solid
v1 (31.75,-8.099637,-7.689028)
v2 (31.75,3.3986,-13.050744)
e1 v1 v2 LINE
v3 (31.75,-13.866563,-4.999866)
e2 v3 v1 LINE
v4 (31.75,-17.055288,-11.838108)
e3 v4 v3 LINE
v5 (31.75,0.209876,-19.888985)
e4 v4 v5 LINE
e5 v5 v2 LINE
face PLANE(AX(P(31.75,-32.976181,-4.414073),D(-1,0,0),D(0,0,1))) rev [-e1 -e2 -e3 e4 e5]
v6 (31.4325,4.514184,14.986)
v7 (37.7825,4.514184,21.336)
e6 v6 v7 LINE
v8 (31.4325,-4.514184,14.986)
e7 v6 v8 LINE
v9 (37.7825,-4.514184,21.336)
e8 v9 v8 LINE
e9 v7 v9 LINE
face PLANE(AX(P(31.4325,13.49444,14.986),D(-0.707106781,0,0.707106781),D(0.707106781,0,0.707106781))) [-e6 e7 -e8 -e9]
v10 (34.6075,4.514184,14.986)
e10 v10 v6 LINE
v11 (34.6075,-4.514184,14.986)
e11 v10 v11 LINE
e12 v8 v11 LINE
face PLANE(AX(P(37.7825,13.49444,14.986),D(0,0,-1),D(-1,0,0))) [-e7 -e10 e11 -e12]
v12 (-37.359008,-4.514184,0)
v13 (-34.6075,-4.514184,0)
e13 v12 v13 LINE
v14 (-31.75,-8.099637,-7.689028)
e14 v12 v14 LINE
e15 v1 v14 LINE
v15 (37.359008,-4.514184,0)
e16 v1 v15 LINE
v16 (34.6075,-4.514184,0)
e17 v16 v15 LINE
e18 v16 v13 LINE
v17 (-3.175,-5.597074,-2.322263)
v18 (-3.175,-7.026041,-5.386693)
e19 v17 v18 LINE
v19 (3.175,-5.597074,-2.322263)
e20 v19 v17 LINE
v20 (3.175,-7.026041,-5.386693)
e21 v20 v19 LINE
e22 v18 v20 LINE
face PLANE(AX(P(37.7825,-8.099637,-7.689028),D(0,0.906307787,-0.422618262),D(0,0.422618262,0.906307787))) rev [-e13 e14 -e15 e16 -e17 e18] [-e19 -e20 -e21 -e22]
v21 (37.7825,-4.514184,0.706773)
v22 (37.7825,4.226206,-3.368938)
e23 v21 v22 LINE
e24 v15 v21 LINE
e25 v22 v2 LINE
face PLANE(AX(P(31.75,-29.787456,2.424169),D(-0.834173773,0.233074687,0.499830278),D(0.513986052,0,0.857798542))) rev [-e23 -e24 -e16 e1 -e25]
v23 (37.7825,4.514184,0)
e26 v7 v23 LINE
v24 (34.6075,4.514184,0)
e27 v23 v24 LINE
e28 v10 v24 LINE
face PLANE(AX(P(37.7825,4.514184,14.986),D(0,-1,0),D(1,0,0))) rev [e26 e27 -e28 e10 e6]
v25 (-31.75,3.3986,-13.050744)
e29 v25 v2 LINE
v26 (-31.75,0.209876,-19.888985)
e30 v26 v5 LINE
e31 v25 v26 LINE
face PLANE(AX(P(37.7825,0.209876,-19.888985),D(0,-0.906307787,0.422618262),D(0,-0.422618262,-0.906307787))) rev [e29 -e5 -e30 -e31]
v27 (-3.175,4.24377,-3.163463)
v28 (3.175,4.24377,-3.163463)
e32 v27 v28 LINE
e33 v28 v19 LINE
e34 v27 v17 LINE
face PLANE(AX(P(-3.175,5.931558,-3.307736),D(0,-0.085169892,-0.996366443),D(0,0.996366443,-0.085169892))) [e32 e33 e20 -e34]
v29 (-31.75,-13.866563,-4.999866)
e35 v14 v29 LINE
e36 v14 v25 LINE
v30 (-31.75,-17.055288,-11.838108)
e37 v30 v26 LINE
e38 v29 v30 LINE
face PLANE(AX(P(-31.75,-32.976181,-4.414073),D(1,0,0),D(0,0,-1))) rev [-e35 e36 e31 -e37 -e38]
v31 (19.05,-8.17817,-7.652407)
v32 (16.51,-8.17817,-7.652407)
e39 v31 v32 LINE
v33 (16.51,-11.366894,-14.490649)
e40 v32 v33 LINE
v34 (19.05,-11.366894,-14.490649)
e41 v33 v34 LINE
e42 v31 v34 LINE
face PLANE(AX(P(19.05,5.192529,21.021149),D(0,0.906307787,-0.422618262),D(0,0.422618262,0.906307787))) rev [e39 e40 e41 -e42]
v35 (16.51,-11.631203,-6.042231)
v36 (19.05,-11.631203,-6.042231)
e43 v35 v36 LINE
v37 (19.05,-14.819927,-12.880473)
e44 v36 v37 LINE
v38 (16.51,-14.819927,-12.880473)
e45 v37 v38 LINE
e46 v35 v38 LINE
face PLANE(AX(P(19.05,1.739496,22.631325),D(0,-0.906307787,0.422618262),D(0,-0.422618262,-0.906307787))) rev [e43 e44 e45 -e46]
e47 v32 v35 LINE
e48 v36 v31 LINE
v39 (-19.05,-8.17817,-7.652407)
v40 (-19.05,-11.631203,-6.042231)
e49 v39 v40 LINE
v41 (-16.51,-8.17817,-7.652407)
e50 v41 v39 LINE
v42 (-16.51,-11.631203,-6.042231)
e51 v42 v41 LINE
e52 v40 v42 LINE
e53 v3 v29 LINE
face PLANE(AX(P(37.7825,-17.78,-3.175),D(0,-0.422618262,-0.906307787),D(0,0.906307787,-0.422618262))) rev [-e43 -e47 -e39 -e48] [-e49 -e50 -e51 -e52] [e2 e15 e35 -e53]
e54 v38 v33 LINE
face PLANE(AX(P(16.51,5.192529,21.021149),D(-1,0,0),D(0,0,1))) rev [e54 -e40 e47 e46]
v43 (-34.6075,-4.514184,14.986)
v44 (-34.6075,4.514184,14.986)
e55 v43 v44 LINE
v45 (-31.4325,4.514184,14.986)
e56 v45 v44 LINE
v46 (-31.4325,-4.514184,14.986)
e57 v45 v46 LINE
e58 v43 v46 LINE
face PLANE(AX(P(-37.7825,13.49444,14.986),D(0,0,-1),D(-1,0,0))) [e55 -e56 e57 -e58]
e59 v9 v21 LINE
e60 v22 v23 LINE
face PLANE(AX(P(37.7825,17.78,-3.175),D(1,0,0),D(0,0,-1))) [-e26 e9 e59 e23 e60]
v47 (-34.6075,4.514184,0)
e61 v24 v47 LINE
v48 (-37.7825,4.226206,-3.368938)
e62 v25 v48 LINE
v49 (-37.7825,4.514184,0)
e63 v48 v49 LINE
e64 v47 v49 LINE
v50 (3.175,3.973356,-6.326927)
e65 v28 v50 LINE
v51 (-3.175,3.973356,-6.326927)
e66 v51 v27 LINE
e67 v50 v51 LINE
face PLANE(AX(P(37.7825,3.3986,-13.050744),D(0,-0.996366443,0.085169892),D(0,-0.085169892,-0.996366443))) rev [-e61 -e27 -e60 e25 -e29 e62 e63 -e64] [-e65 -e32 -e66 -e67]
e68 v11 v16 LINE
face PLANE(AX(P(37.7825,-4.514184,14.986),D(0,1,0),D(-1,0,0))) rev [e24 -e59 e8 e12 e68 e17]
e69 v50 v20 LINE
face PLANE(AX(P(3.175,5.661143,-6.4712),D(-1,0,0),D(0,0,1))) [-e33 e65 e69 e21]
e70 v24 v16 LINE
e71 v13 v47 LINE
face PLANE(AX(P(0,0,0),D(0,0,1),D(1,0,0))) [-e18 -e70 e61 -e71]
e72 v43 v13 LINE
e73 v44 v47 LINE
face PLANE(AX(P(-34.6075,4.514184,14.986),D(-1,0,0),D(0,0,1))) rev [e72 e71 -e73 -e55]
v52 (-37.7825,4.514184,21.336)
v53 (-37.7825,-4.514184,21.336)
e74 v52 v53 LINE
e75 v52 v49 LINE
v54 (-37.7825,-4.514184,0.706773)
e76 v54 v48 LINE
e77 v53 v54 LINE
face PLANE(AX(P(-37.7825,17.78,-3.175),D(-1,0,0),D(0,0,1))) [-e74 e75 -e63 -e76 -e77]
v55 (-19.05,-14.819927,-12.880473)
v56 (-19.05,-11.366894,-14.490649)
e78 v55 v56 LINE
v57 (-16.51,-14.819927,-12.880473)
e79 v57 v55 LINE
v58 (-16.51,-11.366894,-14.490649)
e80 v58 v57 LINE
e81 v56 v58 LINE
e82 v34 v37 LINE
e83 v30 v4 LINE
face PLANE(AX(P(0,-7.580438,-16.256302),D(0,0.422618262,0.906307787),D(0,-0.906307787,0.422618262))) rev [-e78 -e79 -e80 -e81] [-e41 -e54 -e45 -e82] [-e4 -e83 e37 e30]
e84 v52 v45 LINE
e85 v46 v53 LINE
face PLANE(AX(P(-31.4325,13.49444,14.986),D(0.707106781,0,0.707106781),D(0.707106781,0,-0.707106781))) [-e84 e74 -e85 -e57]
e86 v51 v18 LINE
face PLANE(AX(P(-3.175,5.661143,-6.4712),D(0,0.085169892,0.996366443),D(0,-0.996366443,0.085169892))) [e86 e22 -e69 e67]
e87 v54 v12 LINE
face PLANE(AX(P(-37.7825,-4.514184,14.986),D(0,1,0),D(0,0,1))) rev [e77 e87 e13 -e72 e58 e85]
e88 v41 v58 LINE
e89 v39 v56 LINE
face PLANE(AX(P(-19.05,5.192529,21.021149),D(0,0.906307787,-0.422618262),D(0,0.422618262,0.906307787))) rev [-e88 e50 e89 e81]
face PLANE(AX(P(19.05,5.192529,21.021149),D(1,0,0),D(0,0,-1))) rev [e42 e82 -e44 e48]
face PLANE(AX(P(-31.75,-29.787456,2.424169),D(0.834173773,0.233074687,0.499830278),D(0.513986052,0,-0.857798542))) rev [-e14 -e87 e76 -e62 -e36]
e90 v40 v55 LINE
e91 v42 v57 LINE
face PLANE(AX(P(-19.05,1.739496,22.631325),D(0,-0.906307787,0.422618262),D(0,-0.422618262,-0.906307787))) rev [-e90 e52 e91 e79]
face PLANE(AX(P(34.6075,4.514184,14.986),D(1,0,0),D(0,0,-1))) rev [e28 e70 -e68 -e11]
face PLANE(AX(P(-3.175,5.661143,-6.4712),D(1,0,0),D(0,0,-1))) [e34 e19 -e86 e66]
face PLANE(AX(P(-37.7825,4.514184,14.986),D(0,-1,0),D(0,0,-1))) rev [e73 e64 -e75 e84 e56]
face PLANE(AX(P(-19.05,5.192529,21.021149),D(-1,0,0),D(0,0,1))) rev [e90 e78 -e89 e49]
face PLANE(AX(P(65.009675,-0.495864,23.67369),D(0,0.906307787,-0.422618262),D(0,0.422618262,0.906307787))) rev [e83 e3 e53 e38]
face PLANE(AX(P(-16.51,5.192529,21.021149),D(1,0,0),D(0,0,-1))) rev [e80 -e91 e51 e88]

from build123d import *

# Parameters (mm, degrees)
SKETCH1_W                      = 75.565
SKETCH1_H                      = 35.56
BOSS_EXTRUDE1_DEPTH            = 3.175
SKETCH6_W                      = 3.175
SKETCH6_H                      = 9.028368652
BOSS_EXTRUDE4_DEPTH            = 14.986
BOSS_EXTRUDE6_DEPTH            = 9.028368652
BOSS_EXTRUDE7_DEPTH            = 75.565
SKETCH10_W                     = 75.565
SKETCH10_H                     = 23.368
BOSS_EXTRUDE8_DEPTH            = 7.545165067
CUT_EXTRUDE1_DEPTH             = 82.271037461
CUT_EXTRUDE2_REACH             = 52.467
SKETCH12_W                     = 6.35
SKETCH12_H                     = 3.175
CUT_EXTRUDE2_DIRECTION_2_DEPTH = 51.467280161
CUT_EXTRUDE3_DEPTH             = 54.64731815
CUT_EXTRUDE4_REACH             = 56.954
SKETCH14_W                     = 2.54
SKETCH14_H                     = 3.81
CUT_EXTRUDE5_REACH             = 56.954
SKETCH15_W                     = 114.661215645
SKETCH15_H                     = 5.616434986


with BuildPart() as part:
    # Sketch1 → Boss-Extrude1 (new body)
    with BuildSketch(Plane.XY):
        Rectangle(SKETCH1_W, SKETCH1_H)
    extrude(amount=-BOSS_EXTRUDE1_DEPTH)

    # Sketch6 → Boss-Extrude4 (add)
    with BuildSketch(Plane.XY):
        with Locations((-36.195, 0)):
            Rectangle(SKETCH6_W, SKETCH6_H)
        with Locations((36.195, 0)):
            Rectangle(SKETCH6_W, SKETCH6_H)
    extrude(amount=BOSS_EXTRUDE4_DEPTH)

    # Sketch8 → Boss-Extrude6 (add)
    with BuildSketch(Plane.XZ.offset(4.514184326)):
        Polygon((-37.7825, 14.986), (-31.4325, 14.986), (-37.7825, 21.336), align=None)
        Polygon((37.7825, 14.986), (31.4325, 14.986), (37.7825, 21.336), align=None)
    extrude(amount=-BOSS_EXTRUDE6_DEPTH)

    # Sketch9 → Boss-Extrude7 (add)
    with BuildSketch(Plane.ZY.offset(37.7825)):
        Polygon((-3.175, 17.78), (-16.795270199, 11.4287637), (-3.175, -17.78), align=None)
    extrude(amount=-BOSS_EXTRUDE7_DEPTH)

    # Sketch10 → Boss-Extrude8 (add)
    with BuildSketch(Plane(origin=(0, -4.391713703, -9.41806043), x_dir=(-1, 0, 0), z_dir=(0, -0.4226182617407007, -0.9063077870366493))):
        with Locations((0, -3.088339472)):
            Rectangle(SKETCH10_W, SKETCH10_H)
    extrude(amount=BOSS_EXTRUDE8_DEPTH)

    # Sketch11 → Cut-Extrude1 (cut, through all)
    with BuildSketch(Plane.ZY.offset(37.7825)):
        Polygon((-13.05074354, 3.398600367), (0, 4.514184326), (36.888684706, 18.275511072), (5.286071508, 25.150339228), (-30.3838484, 8.233222823), align=None)
        Polygon((-3.175, -17.78), (-7.689027521, -8.099636743), (0, -4.514184326), (40.158547499, -20.406390647), (15.599703883, -25.394905756), align=None)
    extrude(amount=-CUT_EXTRUDE1_DEPTH, mode=Mode.SUBTRACT)

    # Cut-Extrude2: up to this plane
    cut_extrude2_end = Plane(origin=(37.7825, -8.099636743, -7.689027521), z_dir=(0, 0.9063077870366495, -0.4226182617407008))
    # Sketch12 → Cut-Extrude2 (cut, up to the surface)
    with BuildSketch(Plane(origin=(0, 4.481438837, -0.38307559), x_dir=(1, 0, 0), z_dir=(0, 0.9963664433600627, -0.08516989225083536)), mode=Mode.PRIVATE) as cut_extrude2_sk1:
        with Locations((0, 4.378027407)):
            Rectangle(SKETCH12_W, SKETCH12_H)
    cut_extrude2_tool1 = split(extrude(cut_extrude2_sk1.sketch, amount=-CUT_EXTRUDE2_REACH, mode=Mode.PRIVATE), bisect_by=cut_extrude2_end, keep=Keep.BOTH, mode=Mode.PRIVATE)
    add(cut_extrude2_tool1.solids().sort_by_distance((0, 4.108563, -4.745195))[0], mode=Mode.SUBTRACT)

    # Sketch12 → Cut-Extrude2 direction 2 (cut)
    with BuildSketch(Plane(origin=(0, 4.481438837, -0.38307559), x_dir=(1, 0, 0), z_dir=(0, 0.9963664433600627, -0.08516989225083536))):
        with Locations((0, 4.378027407)):
            Rectangle(SKETCH12_W, SKETCH12_H)
    extrude(amount=CUT_EXTRUDE2_DIRECTION_2_DEPTH, mode=Mode.SUBTRACT)

    # Sketch13 → Cut-Extrude3 (cut, through all)
    with BuildSketch(Plane(origin=(0, 7.790314071, -3.632683111), x_dir=(1, 0, 0), z_dir=(0, 0.9063077870366494, -0.4226182617407008))):
        Polygon((-31.75, 10.391679918), (-37.7825, 1.267223267), (-37.7825, 11.639630657), (-37.7825, 17.936844984), (-31.75, 17.936844984), align=None)
        Polygon((37.7825, 1.267223267), (37.7825, 11.639630657), (37.7825, 17.936844984), (31.75, 17.936844984), (31.75, 10.391679918), align=None)
    extrude(amount=-CUT_EXTRUDE3_DEPTH, mode=Mode.SUBTRACT)

    # Sketch14 → Cut-Extrude4 (cut, up to next)
    with BuildSketch(Plane(origin=(0, -7.580438248, -16.256302284), x_dir=(-1, 0, 0), z_dir=(0, -0.4226182617407007, -0.9063077870366494)), mode=Mode.PRIVATE) as cut_extrude4_sk1:
        with Locations((-17.78, -6.082892111)):
            Rectangle(SKETCH14_W, SKETCH14_H)
    cut_extrude4_tool1 = extrude(cut_extrude4_sk1.sketch, amount=-CUT_EXTRUDE4_REACH, mode=Mode.PRIVATE) & part.part
    # Sketch14 → Cut-Extrude4 (cut, up to next)
    with BuildSketch(Plane(origin=(0, -7.580438248, -16.256302284), x_dir=(-1, 0, 0), z_dir=(0, -0.4226182617407007, -0.9063077870366494)), mode=Mode.PRIVATE) as cut_extrude4_sk2:
        with Locations((17.78, -6.082892111)):
            Rectangle(SKETCH14_W, SKETCH14_H)
    cut_extrude4_tool2 = extrude(cut_extrude4_sk2.sketch, amount=-CUT_EXTRUDE4_REACH, mode=Mode.PRIVATE) & part.part
    add(cut_extrude4_tool1.solids().sort_by_distance((17.78, -13.093411, -13.685561))[0], mode=Mode.SUBTRACT)
    add(cut_extrude4_tool2.solids().sort_by_distance((-17.78, -13.093411, -13.685561))[0], mode=Mode.SUBTRACT)

    # Sketch15 → Cut-Extrude5 (cut, up to next)
    with BuildSketch(Plane(origin=(0, -7.580438248, -16.256302284), x_dir=(-1, 0, 0), z_dir=(0, -0.42261826174070083, -0.9063077870366494)), mode=Mode.PRIVATE) as cut_extrude5_sk1:
        with Locations((-7.679066914, -13.262556965)):
            Rectangle(SKETCH15_W, SKETCH15_H)
    cut_extrude5_tool1 = extrude(cut_extrude5_sk1.sketch, amount=-CUT_EXTRUDE5_REACH, mode=Mode.PRIVATE) & part.part
    add(cut_extrude5_tool1.solids().sort_by_distance((7.679067, -19.600397, -10.651304))[0], mode=Mode.SUBTRACT)


solid = part.part
